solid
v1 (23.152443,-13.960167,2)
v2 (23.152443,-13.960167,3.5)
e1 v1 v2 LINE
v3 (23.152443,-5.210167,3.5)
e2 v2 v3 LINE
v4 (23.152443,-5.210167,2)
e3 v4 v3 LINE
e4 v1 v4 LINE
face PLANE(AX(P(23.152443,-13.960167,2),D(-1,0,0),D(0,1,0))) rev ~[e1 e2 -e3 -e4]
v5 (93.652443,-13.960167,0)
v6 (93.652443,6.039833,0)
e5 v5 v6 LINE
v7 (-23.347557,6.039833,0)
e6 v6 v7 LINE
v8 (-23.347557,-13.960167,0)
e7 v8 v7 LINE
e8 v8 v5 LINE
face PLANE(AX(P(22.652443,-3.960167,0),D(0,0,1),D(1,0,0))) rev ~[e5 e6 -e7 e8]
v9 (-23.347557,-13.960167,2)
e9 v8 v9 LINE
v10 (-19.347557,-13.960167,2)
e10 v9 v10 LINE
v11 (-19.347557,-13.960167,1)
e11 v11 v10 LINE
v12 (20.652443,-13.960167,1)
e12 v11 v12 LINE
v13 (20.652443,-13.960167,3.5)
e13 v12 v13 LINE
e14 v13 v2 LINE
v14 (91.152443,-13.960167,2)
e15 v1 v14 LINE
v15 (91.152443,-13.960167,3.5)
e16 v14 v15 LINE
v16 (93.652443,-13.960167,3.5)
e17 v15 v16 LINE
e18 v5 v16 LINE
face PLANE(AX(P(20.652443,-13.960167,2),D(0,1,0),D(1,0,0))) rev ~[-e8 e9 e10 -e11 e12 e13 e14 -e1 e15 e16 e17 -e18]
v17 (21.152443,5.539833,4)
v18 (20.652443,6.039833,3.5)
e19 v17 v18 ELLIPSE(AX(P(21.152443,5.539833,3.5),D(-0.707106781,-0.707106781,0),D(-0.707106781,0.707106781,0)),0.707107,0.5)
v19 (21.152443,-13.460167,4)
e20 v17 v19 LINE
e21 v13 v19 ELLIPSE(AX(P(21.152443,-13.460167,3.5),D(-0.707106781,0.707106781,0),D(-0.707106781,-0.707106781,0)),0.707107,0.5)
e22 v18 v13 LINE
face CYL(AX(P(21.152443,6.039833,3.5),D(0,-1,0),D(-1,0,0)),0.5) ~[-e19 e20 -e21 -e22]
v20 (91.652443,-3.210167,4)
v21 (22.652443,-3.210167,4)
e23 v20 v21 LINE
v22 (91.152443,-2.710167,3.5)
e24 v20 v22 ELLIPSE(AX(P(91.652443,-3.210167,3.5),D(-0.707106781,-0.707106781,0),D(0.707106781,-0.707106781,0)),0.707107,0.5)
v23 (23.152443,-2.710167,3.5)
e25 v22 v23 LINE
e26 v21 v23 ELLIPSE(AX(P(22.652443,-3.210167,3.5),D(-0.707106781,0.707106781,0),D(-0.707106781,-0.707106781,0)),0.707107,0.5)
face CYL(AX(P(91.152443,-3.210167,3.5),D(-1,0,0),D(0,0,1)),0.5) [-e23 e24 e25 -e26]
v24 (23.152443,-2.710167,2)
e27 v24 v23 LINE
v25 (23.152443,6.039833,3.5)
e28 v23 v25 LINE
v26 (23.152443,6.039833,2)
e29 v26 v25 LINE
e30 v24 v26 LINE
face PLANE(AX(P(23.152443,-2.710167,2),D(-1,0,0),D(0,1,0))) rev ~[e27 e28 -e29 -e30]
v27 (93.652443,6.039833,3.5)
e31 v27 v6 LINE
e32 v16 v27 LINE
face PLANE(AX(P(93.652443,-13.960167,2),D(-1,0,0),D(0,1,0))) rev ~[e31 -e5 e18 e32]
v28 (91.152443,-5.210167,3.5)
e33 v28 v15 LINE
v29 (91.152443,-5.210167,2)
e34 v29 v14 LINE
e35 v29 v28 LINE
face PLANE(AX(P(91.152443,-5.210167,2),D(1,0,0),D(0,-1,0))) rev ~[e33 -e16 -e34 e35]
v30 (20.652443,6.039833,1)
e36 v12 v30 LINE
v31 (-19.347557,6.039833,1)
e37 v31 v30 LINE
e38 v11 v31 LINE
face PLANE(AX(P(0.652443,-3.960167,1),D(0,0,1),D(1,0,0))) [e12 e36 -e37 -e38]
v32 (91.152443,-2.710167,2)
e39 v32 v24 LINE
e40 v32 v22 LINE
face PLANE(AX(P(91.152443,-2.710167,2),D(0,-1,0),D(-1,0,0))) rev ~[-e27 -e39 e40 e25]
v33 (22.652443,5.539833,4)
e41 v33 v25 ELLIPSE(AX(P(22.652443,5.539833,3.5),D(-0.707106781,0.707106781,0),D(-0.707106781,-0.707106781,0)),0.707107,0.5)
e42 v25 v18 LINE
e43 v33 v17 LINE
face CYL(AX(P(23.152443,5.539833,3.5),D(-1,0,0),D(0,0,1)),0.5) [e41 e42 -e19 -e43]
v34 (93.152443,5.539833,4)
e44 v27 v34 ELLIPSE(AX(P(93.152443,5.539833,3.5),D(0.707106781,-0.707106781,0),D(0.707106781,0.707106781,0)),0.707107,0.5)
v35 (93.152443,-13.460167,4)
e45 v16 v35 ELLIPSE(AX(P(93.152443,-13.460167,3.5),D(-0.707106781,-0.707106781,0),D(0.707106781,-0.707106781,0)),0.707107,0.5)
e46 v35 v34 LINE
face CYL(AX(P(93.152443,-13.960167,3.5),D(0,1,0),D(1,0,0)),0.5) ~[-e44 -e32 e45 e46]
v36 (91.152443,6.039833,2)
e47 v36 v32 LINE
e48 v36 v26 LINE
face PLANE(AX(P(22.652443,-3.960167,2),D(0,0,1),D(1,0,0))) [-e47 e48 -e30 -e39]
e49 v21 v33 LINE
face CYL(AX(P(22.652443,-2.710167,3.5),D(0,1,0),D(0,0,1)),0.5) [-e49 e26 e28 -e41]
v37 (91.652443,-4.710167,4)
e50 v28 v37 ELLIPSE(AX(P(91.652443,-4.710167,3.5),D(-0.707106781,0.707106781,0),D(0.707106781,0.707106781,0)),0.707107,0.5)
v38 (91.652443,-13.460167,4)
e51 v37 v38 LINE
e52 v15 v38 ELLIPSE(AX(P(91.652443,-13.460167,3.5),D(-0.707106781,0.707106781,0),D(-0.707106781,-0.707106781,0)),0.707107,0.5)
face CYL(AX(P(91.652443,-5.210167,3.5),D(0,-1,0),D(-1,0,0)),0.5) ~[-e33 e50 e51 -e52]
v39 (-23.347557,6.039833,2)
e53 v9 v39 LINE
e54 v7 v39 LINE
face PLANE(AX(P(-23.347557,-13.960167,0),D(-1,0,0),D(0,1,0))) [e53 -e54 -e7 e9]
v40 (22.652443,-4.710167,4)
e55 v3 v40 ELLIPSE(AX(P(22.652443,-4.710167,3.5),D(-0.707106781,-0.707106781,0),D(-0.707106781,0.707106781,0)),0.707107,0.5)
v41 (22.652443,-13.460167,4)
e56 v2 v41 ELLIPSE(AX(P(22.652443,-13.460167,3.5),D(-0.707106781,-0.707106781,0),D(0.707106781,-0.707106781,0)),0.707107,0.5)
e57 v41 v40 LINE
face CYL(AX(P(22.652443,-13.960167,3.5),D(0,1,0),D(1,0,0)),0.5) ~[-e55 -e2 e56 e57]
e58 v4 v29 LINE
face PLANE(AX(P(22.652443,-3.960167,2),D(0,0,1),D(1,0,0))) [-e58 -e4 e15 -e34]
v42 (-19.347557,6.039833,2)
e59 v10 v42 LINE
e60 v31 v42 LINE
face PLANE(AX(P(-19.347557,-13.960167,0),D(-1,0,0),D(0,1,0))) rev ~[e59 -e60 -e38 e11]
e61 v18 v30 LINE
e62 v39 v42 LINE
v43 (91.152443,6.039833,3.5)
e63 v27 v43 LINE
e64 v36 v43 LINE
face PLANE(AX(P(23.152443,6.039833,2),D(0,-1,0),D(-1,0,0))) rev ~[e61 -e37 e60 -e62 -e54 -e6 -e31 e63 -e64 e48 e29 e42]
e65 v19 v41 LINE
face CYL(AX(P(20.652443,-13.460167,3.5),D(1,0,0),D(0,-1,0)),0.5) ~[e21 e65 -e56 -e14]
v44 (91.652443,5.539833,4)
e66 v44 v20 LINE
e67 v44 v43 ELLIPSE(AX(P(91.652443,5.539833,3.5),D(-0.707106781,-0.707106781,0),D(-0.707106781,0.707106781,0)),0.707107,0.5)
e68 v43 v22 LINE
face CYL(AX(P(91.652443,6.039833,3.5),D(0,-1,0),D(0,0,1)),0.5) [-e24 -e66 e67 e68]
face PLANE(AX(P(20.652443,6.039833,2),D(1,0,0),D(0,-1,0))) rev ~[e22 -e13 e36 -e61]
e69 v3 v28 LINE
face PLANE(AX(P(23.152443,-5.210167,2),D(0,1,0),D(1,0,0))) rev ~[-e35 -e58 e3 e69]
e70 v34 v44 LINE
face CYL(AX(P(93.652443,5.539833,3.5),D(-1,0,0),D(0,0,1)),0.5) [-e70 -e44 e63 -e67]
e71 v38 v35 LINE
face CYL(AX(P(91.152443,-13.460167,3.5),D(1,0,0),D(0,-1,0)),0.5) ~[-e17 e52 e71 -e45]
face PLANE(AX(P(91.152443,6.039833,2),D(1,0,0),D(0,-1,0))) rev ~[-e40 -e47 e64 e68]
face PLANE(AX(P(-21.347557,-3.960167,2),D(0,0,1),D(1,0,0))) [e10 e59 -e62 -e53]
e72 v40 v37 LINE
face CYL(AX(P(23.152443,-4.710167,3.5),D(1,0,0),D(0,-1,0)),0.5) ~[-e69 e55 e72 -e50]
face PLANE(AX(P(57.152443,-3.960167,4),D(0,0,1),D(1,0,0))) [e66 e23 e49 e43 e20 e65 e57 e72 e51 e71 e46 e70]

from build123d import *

# Parameters (mm, degrees)
F0_W     = 40
F0_H     = 20
F1_DEPTH = 1
F0_W_2   = 4
F0_W_3   = 69
F2_DEPTH = 2
F4_DEPTH = 2
F5_R     = 0.5


with BuildPart() as f1:
    # F0 (on Top) → F1 (new body)
    with BuildSketch(Plane.XY):
        with Locations((0.652443, -3.960167)):
            Rectangle(F0_W, F0_H)
    extrude(amount=F1_DEPTH)

    # F0 (on Top) → F2 (join)
    with BuildSketch(Plane.XY):
        with Locations((22.652443, -3.960167)):
            Rectangle(F0_W_2, F0_H)
        with Locations((-21.347557, -3.960167)):
            Rectangle(F0_W_2, F0_H)
        with Locations((59.152443, -3.960167)):
            Rectangle(F0_W_3, F0_H)
    extrude(amount=F2_DEPTH)

    # F3 (on face) → F4 (join)
    with BuildSketch(Plane.XY.offset(2)):
        Polygon((20.652443, 6.039833), (20.652443, -13.960167), (23.152443, -13.960167), (23.152443, -5.210167), (91.152443, -5.210167), (91.152443, -13.960167), (93.652443, -13.960167), (93.652443, 6.039833), (91.152443, 6.039833), (91.152443, -2.710167), (23.152443, -2.710167), (23.152443, 6.039833), align=None)
    extrude(amount=F4_DEPTH)

    # F5
    f5_edges = [f1.edges().sort_by_distance(p)[0] for p in [
        (21.902443, 6.039833, 4),
        (20.652443, -3.960167, 4),
        (21.902443, -13.960167, 4),
        (23.152443, -9.585167, 4),
        (57.152443, -5.210167, 4),
        (91.152443, -9.585167, 4),
        (92.402443, -13.960167, 4),
        (93.652443, -3.960167, 4),
        (92.402443, 6.039833, 4),
        (91.152443, 1.664833, 4),
        (57.152443, -2.710167, 4),
        (23.152443, 1.664833, 4),
    ]]
    fillet(f5_edges, radius=F5_R)


solid = f1.part
